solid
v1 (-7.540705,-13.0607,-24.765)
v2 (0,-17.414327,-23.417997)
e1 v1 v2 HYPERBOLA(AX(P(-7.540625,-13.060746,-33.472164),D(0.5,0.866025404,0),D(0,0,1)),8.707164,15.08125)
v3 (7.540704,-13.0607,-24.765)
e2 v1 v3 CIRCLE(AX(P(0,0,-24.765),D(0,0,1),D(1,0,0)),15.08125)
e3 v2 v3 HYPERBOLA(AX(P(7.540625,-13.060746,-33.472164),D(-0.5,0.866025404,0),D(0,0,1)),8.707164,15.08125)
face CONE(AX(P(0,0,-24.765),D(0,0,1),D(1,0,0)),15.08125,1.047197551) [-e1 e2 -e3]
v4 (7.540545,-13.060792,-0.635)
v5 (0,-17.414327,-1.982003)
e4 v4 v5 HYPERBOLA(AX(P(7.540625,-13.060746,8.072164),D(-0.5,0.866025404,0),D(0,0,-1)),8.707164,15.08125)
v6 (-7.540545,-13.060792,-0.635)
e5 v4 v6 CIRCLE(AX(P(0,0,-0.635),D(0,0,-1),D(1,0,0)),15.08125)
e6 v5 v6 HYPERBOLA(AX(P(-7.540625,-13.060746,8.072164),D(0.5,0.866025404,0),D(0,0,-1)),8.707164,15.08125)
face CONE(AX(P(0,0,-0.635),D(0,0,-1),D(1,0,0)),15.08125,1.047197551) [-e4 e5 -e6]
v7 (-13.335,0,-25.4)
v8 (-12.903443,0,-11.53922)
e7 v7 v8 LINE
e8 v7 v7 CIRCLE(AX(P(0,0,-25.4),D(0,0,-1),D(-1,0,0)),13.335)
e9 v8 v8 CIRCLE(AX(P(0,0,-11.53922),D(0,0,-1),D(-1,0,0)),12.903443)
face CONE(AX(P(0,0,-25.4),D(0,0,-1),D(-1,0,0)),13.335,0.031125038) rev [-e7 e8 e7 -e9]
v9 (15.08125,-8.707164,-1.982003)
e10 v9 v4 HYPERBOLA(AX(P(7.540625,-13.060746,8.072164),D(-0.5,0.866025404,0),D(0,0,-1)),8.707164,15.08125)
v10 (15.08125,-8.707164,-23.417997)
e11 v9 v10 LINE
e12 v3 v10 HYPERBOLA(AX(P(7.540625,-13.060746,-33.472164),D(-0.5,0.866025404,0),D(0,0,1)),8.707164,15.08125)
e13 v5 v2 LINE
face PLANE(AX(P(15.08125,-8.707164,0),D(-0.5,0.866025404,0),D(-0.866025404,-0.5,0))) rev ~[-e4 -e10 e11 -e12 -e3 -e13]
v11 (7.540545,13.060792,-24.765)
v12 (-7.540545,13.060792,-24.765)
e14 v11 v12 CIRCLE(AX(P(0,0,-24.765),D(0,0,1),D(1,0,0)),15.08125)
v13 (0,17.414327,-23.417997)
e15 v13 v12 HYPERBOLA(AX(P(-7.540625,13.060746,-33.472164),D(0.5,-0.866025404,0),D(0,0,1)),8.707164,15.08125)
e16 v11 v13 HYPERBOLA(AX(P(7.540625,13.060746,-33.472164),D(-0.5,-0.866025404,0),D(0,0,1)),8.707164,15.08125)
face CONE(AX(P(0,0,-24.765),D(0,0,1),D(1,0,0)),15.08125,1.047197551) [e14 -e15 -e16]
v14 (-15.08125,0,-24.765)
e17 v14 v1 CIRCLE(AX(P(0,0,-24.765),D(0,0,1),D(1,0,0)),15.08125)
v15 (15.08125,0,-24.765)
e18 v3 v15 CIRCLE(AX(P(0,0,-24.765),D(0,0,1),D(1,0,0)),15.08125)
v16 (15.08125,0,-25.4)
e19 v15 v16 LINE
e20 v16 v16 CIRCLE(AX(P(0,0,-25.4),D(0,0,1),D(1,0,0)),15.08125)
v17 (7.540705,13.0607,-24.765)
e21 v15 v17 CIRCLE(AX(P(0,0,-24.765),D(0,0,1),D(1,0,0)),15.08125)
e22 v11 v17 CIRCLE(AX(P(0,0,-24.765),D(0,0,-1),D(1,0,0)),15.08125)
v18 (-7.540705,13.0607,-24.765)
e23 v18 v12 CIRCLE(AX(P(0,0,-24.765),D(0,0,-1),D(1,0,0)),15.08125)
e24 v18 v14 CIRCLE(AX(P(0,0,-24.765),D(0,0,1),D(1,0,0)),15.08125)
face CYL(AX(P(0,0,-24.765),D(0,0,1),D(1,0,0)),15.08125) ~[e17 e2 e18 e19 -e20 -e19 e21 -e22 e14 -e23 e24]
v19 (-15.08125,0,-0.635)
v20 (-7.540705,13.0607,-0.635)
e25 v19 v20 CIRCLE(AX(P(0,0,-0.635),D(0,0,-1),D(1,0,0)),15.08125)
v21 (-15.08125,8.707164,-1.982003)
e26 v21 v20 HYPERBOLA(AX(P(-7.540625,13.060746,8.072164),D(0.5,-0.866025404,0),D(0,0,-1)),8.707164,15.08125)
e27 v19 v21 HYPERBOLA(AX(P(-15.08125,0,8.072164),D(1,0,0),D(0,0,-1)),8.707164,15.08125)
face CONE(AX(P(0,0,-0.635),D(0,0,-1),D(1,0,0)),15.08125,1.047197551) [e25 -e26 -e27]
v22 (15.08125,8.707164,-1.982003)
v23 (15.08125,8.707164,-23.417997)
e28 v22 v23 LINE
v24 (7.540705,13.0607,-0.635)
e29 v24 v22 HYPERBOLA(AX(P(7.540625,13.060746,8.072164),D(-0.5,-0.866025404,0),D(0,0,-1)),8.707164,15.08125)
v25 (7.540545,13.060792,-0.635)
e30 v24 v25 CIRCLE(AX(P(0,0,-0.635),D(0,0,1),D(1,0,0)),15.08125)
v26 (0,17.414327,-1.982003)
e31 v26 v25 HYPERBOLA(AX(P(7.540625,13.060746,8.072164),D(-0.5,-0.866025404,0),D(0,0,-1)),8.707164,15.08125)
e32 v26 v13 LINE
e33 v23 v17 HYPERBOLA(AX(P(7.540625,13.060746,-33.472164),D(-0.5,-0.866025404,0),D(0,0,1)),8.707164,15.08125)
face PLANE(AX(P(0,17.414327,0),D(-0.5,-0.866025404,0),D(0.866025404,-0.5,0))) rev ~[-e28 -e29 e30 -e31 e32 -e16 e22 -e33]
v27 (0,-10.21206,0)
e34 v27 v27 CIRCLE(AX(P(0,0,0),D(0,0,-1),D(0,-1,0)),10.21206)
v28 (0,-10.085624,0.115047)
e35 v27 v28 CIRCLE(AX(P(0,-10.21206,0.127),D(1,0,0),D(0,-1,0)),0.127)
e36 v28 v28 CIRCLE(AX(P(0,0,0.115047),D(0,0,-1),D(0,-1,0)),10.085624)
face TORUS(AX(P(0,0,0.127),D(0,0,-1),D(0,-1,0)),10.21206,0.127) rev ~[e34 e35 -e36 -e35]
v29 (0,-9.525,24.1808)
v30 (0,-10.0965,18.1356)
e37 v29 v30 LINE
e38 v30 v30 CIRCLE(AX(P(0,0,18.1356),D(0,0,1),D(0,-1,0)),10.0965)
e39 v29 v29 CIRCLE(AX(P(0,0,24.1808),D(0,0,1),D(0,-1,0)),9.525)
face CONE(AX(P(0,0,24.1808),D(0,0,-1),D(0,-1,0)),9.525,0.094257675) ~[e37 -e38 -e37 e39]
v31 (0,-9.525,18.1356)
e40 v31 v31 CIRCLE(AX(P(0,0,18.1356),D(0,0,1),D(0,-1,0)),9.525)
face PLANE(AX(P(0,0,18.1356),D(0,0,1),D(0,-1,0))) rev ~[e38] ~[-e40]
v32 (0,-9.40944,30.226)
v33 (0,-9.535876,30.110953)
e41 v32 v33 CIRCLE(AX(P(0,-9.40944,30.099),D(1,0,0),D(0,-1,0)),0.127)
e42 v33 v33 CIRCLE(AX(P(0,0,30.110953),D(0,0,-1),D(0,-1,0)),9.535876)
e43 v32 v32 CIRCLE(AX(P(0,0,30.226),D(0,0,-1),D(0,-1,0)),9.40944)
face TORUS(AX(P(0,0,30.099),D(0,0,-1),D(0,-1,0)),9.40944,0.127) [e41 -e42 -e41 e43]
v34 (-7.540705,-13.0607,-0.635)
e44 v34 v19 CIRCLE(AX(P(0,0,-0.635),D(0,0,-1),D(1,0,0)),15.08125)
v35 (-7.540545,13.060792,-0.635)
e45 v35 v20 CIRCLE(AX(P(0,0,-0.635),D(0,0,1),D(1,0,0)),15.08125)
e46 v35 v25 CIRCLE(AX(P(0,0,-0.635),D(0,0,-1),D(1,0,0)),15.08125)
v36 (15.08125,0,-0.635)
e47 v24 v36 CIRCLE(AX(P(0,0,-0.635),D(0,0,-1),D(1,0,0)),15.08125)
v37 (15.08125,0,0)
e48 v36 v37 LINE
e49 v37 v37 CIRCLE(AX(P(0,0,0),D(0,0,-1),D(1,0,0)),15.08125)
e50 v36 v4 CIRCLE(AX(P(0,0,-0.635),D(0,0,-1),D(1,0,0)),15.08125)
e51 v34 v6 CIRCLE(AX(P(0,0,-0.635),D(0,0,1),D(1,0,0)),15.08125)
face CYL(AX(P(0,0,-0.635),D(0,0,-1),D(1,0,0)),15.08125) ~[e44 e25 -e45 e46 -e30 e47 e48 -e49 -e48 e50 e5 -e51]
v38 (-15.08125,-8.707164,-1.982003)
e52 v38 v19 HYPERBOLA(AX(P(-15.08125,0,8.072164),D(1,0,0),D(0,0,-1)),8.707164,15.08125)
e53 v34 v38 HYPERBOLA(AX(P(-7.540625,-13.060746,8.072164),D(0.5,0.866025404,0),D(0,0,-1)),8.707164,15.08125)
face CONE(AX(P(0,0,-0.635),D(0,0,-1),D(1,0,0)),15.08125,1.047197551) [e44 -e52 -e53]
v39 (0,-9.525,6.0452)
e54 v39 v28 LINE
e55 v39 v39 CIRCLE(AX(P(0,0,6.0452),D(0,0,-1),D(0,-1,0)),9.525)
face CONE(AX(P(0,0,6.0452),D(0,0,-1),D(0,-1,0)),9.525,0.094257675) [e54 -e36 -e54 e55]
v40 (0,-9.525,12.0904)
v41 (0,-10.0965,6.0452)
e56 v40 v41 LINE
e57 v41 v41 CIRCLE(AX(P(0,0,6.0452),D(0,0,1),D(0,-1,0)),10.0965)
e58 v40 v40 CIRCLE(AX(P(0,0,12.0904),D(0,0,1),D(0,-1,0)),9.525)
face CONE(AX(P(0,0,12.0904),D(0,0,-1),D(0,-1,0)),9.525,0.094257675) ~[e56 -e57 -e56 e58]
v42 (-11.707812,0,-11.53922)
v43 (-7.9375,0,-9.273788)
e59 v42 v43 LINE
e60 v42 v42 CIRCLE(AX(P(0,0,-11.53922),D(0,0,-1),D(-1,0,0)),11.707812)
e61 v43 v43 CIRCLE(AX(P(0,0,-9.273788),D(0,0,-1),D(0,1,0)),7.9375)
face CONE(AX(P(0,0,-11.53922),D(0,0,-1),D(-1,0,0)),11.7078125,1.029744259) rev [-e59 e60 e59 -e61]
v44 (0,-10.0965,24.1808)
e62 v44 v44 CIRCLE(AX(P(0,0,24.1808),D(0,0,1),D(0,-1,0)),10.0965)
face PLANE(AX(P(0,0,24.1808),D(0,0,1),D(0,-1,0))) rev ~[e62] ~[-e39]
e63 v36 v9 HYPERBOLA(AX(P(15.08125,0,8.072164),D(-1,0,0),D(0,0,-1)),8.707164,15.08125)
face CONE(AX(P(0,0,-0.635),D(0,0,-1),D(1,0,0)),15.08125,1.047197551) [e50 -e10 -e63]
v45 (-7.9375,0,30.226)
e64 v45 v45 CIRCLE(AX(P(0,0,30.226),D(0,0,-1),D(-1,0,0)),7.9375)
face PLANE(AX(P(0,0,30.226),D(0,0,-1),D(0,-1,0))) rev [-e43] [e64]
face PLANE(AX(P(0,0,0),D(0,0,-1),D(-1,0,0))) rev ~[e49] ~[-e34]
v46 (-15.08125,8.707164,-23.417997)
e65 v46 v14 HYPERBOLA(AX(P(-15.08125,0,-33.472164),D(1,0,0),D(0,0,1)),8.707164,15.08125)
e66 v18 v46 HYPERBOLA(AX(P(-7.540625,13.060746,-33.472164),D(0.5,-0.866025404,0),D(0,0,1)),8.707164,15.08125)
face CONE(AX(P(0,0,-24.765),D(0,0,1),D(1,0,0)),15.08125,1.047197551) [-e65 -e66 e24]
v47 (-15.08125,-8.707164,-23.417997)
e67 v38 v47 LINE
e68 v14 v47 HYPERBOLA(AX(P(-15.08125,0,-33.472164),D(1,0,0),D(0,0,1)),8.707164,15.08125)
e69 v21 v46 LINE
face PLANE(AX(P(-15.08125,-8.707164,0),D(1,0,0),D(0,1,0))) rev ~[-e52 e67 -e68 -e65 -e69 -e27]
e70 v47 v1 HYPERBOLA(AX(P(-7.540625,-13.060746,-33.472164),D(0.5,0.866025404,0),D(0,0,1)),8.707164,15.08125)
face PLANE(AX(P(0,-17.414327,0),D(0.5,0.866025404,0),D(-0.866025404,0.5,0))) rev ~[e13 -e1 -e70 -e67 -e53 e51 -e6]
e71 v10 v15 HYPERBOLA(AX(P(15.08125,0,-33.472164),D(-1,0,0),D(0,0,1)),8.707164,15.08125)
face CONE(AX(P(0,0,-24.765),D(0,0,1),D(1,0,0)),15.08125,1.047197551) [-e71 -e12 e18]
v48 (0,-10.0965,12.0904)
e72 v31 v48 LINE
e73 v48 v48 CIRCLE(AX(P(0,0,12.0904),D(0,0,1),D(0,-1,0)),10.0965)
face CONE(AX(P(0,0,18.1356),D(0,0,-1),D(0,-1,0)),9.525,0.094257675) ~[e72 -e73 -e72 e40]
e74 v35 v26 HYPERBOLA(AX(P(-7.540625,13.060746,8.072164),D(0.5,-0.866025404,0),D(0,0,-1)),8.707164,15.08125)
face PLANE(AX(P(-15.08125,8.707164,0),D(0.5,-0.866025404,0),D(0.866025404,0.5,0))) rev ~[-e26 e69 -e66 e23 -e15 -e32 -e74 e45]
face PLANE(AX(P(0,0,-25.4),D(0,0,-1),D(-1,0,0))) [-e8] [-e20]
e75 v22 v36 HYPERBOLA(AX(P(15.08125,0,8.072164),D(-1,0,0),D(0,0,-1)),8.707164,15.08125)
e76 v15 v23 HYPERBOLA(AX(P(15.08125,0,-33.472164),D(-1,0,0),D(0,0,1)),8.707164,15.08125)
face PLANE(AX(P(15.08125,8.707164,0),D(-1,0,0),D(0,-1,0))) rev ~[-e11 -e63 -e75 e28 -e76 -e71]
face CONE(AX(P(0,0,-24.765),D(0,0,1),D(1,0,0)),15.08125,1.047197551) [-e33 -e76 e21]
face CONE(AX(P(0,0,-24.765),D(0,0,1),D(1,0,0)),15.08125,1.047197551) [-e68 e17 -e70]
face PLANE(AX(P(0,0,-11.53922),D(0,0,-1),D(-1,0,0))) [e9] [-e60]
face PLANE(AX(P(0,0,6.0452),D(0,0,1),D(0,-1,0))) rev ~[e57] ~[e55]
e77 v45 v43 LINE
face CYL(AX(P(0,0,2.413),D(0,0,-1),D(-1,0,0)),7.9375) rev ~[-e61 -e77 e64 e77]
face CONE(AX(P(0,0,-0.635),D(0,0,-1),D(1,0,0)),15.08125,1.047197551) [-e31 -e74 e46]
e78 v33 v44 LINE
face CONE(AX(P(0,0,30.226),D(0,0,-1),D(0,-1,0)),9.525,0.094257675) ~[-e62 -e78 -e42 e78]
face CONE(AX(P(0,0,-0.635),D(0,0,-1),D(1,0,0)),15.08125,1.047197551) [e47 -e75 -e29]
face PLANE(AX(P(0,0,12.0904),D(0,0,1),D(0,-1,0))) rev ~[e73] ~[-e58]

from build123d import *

# Parameters (mm, degrees)
LPATTERN1_COUNT              = 4
LPATTERN1_PITCH              = 6.0452
BOSS_EXTRUDE1_DEPTH          = 25.4
CUT_EXTRUDE1_START           = -0.635
SKETCH5_OUTSIDE_W            = 179.522
SKETCH5_OUTSIDE_H            = 184.188
SKETCH5_OUTSIDE_R            = 15.08125
CUT_EXTRUDE1_DEPTH           = 38.369131087
CUT_EXTRUDE1_TAPER           = 60
CUT_EXTRUDE1_OTHER_WAY_DEPTH = 0.635
CUT_EXTRUDE2_START           = -0.635
SKETCH6_OUTSIDE_W            = 256.438
SKETCH6_OUTSIDE_H            = 261.104
SKETCH6_OUTSIDE_R            = 15.08125
CUT_EXTRUDE2_DEPTH           = 60.572597358
CUT_EXTRUDE2_TAPER           = 60
CUT_EXTRUDE2_OTHER_WAY_DEPTH = 0.635
SKETCH7_W                    = 55.626
SKETCH7_H                    = 7.9375
FILLET1_R                    = 0.127


with BuildPart() as part:
    # Sketch2 → Revolve1 (revolve)
    with BuildSketch(Plane(origin=(0, 0, 0), x_dir=(0, 0, -1), z_dir=(1, 0, 0)), mode=Mode.PRIVATE) as revolve1_sk:
        Polygon((-30.226, 9.525), (-6.0452, 9.525), (0, 10.0965), (0, 0), (-30.226, 0), align=None)
    revolve(revolve1_sk.sketch.rotate(Axis((0, 0, 30.226), (0, 0, -1)), 180), axis=Axis((0, 0, 30.226), (0, 0, -1)))

    # Sketch3 → Revolve2 (revolve)
    with BuildSketch(Plane(origin=(0, 0, 0), x_dir=(0, 0, -1), z_dir=(1, 0, 0)), mode=Mode.PRIVATE) as revolve2_sk:
        Polygon((-30.226, 9.525), (-24.1808, 10.0965), (-24.1808, 9.525), align=None)
    revolve2 = revolve(revolve2_sk.sketch.rotate(Axis((0, 0, 0), (0, 0, 1)), 180), axis=Axis((0, 0, 0), (0, 0, 1)))

    # LPattern1: Revolve2 ×4
    with Locations(*[(0, 0, -i * LPATTERN1_PITCH) for i in range(1, LPATTERN1_COUNT)]):
        add(revolve2)

    # Sketch4 → Boss-Extrude1 (add)
    with BuildSketch(Plane(origin=(0, 0, 0), x_dir=(-1, 0, 0), z_dir=(0, 0, -1))):
        Polygon((0, 17.414327494), (-15.08125, 8.707163747), (-15.08125, -8.707163747), (0, -17.414327494), (15.08125, -8.707163747), (15.08125, 8.707163747), align=None)
    extrude(amount=BOSS_EXTRUDE1_DEPTH)

    # Sketch5 outside → Cut-Extrude1 (cut)
    with BuildSketch(Plane.XY.offset(CUT_EXTRUDE1_START)):
        Rectangle(SKETCH5_OUTSIDE_W, SKETCH5_OUTSIDE_H)
        Circle(SKETCH5_OUTSIDE_R, mode=Mode.SUBTRACT)
    extrude(amount=-CUT_EXTRUDE1_DEPTH, taper=CUT_EXTRUDE1_TAPER, mode=Mode.SUBTRACT)

    # Sketch5 outside → Cut-Extrude1 other way (cut)
    with BuildSketch(Plane.XY.offset(CUT_EXTRUDE1_START)):
        Rectangle(SKETCH5_OUTSIDE_W, SKETCH5_OUTSIDE_H)
        Circle(SKETCH5_OUTSIDE_R, mode=Mode.SUBTRACT)
    extrude(amount=CUT_EXTRUDE1_OTHER_WAY_DEPTH, mode=Mode.SUBTRACT)

    # Sketch6 outside → Cut-Extrude2 (cut)
    with BuildSketch(Plane(origin=(0, 0, -25.4), x_dir=(-1, 0, 0), z_dir=(0, 0, -1)).offset(CUT_EXTRUDE2_START)):
        Rectangle(SKETCH6_OUTSIDE_W, SKETCH6_OUTSIDE_H)
        with Locations(Location((0, 0, 0), (0, 0, 180))):
            Circle(SKETCH6_OUTSIDE_R, mode=Mode.SUBTRACT)
    extrude(amount=-CUT_EXTRUDE2_DEPTH, taper=CUT_EXTRUDE2_TAPER, mode=Mode.SUBTRACT)

    # Sketch6 outside → Cut-Extrude2 other way (cut)
    with BuildSketch(Plane(origin=(0, 0, -25.4), x_dir=(-1, 0, 0), z_dir=(0, 0, -1)).offset(CUT_EXTRUDE2_START)):
        Rectangle(SKETCH6_OUTSIDE_W, SKETCH6_OUTSIDE_H)
        with Locations(Location((0, 0, 0), (0, 0, 180))):
            Circle(SKETCH6_OUTSIDE_R, mode=Mode.SUBTRACT)
    extrude(amount=CUT_EXTRUDE2_OTHER_WAY_DEPTH, mode=Mode.SUBTRACT)

    # Sketch7 → Cut-Revolve1 (revolve, cut)
    with BuildSketch(Plane(origin=(0, 0, 0), x_dir=(0, 0, -1), z_dir=(1, 0, 0)), mode=Mode.PRIVATE) as cut_revolve1_sk:
        with Locations((-2.413, 3.96875)):
            Rectangle(SKETCH7_W, SKETCH7_H)
    revolve(cut_revolve1_sk.sketch.rotate(Axis((0, 0, 30.226), (0, 0, -1)), 270), axis=Axis((0, 0, 30.226), (0, 0, -1)), mode=Mode.SUBTRACT)

    # Sketch8 → Cut-Revolve2 (revolve, cut)
    with BuildSketch(Plane(origin=(0, 0, 0), x_dir=(0, 0, -1), z_dir=(1, 0, 0)), mode=Mode.PRIVATE) as cut_revolve2_sk:
        Polygon((25.4, 13.335), (11.53922, 12.903443324), (11.53922, 11.7078125), (4.504456534, 0), (25.4, 0), align=None)
    revolve(cut_revolve2_sk.sketch.rotate(Axis((0, 0, 30.226), (0, 0, -1)), 270), axis=Axis((0, 0, 30.226), (0, 0, -1)), mode=Mode.SUBTRACT)

    # Fillet1
    fillet1_edges = [part.edges().sort_by_distance(p)[0] for p in [
        (0, 9.525, 30.226),
        (0, 10.0965, 0),
    ]]
    fillet(fillet1_edges, radius=FILLET1_R)


solid = part.part
